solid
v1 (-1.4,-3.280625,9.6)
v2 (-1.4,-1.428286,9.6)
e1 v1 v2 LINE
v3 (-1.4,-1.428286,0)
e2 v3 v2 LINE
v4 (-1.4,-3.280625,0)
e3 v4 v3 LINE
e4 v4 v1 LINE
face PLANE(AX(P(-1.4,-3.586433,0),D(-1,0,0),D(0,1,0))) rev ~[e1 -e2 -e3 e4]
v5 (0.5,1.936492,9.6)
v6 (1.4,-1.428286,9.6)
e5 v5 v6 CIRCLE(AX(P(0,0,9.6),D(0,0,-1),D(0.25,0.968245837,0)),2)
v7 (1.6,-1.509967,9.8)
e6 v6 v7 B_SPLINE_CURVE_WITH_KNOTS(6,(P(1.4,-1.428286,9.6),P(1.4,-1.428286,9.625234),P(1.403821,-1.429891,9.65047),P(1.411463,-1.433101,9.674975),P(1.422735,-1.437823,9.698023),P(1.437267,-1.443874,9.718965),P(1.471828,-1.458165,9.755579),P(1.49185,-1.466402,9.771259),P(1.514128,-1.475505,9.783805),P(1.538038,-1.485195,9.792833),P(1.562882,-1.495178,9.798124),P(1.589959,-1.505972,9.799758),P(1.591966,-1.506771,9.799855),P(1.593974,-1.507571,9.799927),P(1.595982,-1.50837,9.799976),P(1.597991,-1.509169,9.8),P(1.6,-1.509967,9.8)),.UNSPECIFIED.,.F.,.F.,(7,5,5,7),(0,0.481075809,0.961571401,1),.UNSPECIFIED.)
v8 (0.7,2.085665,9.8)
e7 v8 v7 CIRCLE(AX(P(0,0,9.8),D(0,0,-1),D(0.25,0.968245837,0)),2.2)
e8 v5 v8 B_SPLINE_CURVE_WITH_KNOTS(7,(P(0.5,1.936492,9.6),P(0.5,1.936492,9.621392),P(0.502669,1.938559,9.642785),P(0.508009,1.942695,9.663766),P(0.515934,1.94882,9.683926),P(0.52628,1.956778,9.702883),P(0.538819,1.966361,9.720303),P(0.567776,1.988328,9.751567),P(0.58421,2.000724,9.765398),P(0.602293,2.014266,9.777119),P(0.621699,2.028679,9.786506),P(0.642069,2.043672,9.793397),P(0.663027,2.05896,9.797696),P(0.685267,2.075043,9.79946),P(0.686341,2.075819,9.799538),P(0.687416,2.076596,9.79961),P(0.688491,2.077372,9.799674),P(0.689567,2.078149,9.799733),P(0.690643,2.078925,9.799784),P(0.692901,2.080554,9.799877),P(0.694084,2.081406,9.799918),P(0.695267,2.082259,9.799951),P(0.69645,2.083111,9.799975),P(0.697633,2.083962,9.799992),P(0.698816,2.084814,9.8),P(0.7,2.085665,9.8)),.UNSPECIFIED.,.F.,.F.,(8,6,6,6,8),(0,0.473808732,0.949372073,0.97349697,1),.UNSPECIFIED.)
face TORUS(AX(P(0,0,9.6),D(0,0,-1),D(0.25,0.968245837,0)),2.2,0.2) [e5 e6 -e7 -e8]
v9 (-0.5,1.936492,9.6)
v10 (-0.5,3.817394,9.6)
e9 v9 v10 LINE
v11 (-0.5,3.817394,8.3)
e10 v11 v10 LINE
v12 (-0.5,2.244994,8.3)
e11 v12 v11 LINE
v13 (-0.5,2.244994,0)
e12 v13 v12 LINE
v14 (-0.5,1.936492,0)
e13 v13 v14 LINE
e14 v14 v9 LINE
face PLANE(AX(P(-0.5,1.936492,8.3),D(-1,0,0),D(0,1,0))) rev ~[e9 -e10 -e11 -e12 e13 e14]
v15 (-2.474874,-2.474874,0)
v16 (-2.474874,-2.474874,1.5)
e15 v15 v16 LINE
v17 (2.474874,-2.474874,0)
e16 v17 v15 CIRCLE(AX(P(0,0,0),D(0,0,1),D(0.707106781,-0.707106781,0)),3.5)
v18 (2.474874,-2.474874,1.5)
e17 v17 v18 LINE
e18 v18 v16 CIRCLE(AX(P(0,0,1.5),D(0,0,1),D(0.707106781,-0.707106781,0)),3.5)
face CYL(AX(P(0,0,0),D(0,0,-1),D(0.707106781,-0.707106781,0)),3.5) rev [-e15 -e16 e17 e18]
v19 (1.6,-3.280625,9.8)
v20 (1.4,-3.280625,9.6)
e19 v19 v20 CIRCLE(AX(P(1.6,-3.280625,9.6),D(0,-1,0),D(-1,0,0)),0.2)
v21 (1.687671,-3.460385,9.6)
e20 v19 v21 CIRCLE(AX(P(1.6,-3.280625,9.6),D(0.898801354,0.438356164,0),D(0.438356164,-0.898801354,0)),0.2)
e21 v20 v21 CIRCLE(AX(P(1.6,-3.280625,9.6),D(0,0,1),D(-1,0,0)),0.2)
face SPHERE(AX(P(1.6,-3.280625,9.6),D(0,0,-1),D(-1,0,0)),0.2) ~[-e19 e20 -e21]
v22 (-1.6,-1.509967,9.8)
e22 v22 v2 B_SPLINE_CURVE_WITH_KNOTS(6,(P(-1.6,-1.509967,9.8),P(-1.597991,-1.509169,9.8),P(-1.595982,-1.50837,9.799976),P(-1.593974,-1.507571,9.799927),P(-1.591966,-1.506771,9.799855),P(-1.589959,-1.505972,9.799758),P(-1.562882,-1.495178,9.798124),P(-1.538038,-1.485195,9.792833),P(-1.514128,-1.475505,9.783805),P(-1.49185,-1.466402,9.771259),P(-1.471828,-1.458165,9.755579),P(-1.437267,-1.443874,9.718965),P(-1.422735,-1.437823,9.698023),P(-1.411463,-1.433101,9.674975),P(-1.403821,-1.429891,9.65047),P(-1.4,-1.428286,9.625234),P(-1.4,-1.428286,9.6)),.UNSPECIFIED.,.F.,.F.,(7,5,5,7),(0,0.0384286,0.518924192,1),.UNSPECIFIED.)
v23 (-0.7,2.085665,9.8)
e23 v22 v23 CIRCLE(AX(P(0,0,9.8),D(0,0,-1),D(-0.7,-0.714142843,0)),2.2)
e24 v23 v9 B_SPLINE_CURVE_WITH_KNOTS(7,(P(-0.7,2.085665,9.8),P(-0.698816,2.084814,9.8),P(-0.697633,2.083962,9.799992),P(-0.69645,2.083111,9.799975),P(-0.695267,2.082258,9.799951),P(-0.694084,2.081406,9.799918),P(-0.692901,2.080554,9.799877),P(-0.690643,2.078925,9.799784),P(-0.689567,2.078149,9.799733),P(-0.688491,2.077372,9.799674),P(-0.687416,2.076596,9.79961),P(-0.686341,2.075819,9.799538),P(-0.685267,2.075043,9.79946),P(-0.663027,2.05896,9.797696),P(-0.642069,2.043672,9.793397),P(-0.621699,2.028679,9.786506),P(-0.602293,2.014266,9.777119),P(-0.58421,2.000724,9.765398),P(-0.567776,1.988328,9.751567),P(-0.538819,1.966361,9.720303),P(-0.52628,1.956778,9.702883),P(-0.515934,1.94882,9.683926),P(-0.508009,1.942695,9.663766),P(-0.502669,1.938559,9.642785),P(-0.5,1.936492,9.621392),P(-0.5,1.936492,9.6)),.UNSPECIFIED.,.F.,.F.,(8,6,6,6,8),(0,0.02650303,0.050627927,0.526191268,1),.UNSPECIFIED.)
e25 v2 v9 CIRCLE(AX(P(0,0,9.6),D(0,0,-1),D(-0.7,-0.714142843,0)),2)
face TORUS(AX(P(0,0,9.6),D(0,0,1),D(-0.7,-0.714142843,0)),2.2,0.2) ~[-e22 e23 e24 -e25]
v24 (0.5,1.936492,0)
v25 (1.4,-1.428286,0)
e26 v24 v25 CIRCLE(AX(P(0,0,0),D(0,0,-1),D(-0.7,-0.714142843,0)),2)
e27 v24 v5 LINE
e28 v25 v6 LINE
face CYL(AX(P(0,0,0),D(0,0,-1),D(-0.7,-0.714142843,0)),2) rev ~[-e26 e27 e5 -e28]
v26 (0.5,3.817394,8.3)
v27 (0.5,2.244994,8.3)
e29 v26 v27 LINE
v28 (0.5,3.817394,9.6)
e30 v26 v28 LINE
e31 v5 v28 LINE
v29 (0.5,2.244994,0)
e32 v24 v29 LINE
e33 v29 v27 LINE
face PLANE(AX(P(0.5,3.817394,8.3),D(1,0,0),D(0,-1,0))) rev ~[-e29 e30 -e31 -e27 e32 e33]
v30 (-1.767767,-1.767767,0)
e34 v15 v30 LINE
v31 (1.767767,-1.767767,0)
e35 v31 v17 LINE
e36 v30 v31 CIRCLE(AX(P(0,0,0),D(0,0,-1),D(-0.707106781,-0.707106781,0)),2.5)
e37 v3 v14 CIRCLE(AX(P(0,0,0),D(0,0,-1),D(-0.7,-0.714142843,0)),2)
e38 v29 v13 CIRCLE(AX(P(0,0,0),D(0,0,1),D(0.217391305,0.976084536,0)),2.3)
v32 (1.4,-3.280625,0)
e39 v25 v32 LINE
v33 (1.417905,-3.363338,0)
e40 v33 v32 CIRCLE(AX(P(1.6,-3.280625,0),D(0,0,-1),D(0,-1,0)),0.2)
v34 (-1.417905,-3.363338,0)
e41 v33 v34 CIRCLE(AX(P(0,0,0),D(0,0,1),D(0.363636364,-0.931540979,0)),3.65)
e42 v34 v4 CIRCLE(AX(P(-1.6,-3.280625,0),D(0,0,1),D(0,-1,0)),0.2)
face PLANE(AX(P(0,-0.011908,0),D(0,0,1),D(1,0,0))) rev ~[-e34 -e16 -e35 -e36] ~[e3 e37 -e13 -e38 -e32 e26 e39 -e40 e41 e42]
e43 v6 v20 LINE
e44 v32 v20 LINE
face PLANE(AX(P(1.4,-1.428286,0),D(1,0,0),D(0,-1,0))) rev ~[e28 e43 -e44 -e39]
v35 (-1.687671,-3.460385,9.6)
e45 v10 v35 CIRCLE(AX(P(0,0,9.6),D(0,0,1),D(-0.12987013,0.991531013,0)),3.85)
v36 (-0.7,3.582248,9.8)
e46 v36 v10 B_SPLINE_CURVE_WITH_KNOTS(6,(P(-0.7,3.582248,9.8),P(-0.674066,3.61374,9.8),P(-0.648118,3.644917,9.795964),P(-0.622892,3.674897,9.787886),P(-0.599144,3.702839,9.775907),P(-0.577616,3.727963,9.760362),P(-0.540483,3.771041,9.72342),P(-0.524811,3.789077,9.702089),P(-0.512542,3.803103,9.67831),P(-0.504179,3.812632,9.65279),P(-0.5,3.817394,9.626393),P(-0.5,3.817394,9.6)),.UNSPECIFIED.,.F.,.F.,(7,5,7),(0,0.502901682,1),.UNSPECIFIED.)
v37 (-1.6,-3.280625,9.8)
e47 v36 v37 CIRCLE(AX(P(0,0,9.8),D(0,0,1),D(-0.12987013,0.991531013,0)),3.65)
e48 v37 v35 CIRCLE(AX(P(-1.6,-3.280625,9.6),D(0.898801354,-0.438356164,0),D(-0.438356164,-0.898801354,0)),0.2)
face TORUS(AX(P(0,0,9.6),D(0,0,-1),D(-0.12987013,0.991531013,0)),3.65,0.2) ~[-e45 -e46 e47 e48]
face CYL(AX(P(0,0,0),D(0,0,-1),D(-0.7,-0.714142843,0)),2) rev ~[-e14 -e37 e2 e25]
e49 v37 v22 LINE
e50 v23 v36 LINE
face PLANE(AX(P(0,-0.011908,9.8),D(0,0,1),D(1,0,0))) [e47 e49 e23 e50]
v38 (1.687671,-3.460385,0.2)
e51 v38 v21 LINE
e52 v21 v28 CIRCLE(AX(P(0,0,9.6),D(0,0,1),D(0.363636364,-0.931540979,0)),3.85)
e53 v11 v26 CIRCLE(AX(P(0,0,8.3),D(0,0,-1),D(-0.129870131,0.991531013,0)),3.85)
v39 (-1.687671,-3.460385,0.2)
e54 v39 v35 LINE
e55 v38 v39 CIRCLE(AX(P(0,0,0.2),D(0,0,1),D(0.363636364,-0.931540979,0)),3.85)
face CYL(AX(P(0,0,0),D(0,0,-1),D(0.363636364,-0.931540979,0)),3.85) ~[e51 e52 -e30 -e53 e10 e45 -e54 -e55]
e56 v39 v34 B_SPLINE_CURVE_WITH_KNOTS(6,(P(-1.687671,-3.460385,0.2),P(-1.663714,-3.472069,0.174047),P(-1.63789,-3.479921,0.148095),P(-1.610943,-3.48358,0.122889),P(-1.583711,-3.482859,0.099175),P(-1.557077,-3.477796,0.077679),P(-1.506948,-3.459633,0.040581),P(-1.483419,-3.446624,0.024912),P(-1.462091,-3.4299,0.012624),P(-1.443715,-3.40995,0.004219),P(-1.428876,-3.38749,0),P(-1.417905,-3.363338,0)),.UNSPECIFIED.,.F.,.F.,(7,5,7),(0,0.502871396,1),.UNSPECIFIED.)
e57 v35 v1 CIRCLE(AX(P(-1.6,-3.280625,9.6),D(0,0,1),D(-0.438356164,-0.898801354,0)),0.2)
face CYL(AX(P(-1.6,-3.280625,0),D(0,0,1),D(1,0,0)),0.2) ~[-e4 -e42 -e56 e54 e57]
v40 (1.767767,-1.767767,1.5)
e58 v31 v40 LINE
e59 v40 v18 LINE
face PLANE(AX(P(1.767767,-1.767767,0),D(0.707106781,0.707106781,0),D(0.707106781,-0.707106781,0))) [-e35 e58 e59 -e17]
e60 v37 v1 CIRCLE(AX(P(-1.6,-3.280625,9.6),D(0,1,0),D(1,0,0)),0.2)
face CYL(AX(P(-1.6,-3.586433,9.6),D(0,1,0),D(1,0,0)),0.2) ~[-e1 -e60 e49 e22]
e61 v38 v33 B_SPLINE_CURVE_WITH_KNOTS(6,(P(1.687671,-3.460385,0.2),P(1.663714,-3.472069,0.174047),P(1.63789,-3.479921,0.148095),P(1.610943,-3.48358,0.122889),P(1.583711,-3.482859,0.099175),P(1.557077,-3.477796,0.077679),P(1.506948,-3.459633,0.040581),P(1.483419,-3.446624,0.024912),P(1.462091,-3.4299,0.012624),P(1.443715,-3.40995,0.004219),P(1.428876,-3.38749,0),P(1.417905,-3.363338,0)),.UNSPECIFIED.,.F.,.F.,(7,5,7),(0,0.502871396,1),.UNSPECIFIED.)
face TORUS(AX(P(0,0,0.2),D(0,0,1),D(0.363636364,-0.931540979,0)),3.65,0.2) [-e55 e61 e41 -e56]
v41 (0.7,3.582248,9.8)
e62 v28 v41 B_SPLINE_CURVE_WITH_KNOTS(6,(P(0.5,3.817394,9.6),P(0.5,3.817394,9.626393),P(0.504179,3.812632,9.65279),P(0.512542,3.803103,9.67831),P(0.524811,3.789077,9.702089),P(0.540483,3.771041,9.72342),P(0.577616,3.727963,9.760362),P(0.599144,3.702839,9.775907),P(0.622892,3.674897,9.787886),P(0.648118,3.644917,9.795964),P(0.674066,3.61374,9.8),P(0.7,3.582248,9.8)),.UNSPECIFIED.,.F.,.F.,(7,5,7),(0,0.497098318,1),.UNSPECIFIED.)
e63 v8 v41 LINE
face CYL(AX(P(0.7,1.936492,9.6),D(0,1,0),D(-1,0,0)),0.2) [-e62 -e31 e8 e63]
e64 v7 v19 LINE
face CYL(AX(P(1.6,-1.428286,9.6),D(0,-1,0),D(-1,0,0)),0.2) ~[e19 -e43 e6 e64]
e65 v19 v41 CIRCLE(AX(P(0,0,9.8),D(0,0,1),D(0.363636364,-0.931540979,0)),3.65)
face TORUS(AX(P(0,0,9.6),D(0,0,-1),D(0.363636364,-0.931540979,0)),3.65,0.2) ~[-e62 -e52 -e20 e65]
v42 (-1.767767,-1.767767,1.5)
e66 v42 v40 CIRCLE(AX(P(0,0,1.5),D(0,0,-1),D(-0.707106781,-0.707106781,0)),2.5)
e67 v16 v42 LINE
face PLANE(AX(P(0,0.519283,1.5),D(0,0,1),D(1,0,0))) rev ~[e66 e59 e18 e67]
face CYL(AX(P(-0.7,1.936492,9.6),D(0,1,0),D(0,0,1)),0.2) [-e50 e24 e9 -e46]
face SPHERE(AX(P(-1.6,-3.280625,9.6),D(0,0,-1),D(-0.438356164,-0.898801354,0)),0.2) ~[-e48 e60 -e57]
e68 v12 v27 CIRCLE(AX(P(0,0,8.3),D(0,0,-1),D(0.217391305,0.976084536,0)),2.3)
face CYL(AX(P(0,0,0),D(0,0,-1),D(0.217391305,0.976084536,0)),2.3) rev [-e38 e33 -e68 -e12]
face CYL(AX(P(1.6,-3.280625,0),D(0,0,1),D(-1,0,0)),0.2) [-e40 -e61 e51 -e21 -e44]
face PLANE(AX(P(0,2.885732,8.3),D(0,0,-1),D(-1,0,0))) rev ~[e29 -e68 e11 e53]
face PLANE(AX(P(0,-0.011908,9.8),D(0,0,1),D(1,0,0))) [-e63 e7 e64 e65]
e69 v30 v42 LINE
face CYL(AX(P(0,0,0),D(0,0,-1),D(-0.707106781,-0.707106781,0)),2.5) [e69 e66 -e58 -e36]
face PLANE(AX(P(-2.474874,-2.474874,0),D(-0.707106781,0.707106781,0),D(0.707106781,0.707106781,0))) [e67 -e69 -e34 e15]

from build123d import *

# Parameters (mm, degrees)
EXTRUDE_1_DEPTH     = 9.8
CUT_EXTRUDE_START   = -1.5
CUT_EXTRUDE_1_DEPTH = 1.5
CUT_EXTRUDE_2_DEPTH = 1.5
CUT_EXTRUDE_3_DEPTH = 12.210932165
FILLET_1_R          = 0.2


with BuildPart() as part:
    # 草图1 → 凸台-拉伸1 (new body)
    with BuildSketch(Plane.XY):
        with BuildLine():
            Line((-1.4, -3.586432768), (-1.4, -1.428285686))
            ThreePointArc((-1.4, -1.428285686), (0, 2), (1.4, -1.428285686))
            Line((1.4, -1.428285686), (1.4, -3.586432768))
            ThreePointArc((1.4, -3.586432768), (0, 3.85), (-1.4, -3.586432768))
        make_face()
    extrude(amount=EXTRUDE_1_DEPTH)

    # 草图2 → 切除-拉伸1 (cut)
    with BuildSketch(Plane.XY.offset(9.8).offset(CUT_EXTRUDE_START)):
        with BuildLine():
            Line((-0.5, 1.936491673), (-0.5, 3.817394399))
            ThreePointArc((-0.5, 3.817394399), (0, 3.85), (0.5, 3.817394399))
            Line((0.5, 3.817394399), (0.5, 1.936491673))
            ThreePointArc((0.5, 1.936491673), (0, 2), (-0.5, 1.936491673))
        make_face()
    extrude(amount=CUT_EXTRUDE_1_DEPTH, mode=Mode.SUBTRACT)

    # 草图3 → 切除-拉伸2 (cut)
    with BuildSketch(Plane(origin=(0, 0, 0), x_dir=(-1, 0, 0), z_dir=(0, 0, -1))):
        with BuildLine():
            Line((-1.767766953, -1.767766953), (-2.474873734, -2.474873734))
            ThreePointArc((-2.474873734, -2.474873734), (0, 3.5), (2.474873734, -2.474873734))
            Line((2.474873734, -2.474873734), (1.767766953, -1.767766953))
            ThreePointArc((1.767766953, -1.767766953), (0, 2.5), (-1.767766953, -1.767766953))
        make_face()
    extrude(amount=-CUT_EXTRUDE_2_DEPTH, mode=Mode.SUBTRACT)

    # 草图4 → 切除-拉伸3 (cut, through all)
    with BuildSketch(Plane(origin=(0, 0, 0), x_dir=(-1, 0, 0), z_dir=(0, 0, -1))):
        with BuildLine():
            Line((-0.5, 1.936491673), (-0.5, 2.244994432))
            ThreePointArc((-0.5, 2.244994432), (0, 2.3), (0.5, 2.244994432))
            Line((0.5, 2.244994432), (0.5, 1.936491673))
            ThreePointArc((0.5, 1.936491673), (0, 2), (-0.5, 1.936491673))
        make_face()
    extrude(amount=-CUT_EXTRUDE_3_DEPTH, mode=Mode.SUBTRACT)

    # 圆角1
    fillet_1_edges = [part.edges().sort_by_distance(p)[0] for p in [
        (-1.932079623, 0.516786543, 9.8),
        (1.4, -2.507359227, 9.8),
        (-3.821866583, 0.464581337, 9.8),
        (1.932079623, 0.516786543, 9.8),
        (0.5, 2.876943036, 9.8),
        (-0.5, 2.876943036, 9.8),
        (3.821866583, 0.464581337, 9.8),
        (0, 3.85, 0),
        (-1.4, -2.507359227, 9.8),
        (1.4, -3.586432768, 4.9),
        (-1.4, -3.586432768, 4.9),
    ]]
    fillet(fillet_1_edges, radius=FILLET_1_R)


solid = part.part
